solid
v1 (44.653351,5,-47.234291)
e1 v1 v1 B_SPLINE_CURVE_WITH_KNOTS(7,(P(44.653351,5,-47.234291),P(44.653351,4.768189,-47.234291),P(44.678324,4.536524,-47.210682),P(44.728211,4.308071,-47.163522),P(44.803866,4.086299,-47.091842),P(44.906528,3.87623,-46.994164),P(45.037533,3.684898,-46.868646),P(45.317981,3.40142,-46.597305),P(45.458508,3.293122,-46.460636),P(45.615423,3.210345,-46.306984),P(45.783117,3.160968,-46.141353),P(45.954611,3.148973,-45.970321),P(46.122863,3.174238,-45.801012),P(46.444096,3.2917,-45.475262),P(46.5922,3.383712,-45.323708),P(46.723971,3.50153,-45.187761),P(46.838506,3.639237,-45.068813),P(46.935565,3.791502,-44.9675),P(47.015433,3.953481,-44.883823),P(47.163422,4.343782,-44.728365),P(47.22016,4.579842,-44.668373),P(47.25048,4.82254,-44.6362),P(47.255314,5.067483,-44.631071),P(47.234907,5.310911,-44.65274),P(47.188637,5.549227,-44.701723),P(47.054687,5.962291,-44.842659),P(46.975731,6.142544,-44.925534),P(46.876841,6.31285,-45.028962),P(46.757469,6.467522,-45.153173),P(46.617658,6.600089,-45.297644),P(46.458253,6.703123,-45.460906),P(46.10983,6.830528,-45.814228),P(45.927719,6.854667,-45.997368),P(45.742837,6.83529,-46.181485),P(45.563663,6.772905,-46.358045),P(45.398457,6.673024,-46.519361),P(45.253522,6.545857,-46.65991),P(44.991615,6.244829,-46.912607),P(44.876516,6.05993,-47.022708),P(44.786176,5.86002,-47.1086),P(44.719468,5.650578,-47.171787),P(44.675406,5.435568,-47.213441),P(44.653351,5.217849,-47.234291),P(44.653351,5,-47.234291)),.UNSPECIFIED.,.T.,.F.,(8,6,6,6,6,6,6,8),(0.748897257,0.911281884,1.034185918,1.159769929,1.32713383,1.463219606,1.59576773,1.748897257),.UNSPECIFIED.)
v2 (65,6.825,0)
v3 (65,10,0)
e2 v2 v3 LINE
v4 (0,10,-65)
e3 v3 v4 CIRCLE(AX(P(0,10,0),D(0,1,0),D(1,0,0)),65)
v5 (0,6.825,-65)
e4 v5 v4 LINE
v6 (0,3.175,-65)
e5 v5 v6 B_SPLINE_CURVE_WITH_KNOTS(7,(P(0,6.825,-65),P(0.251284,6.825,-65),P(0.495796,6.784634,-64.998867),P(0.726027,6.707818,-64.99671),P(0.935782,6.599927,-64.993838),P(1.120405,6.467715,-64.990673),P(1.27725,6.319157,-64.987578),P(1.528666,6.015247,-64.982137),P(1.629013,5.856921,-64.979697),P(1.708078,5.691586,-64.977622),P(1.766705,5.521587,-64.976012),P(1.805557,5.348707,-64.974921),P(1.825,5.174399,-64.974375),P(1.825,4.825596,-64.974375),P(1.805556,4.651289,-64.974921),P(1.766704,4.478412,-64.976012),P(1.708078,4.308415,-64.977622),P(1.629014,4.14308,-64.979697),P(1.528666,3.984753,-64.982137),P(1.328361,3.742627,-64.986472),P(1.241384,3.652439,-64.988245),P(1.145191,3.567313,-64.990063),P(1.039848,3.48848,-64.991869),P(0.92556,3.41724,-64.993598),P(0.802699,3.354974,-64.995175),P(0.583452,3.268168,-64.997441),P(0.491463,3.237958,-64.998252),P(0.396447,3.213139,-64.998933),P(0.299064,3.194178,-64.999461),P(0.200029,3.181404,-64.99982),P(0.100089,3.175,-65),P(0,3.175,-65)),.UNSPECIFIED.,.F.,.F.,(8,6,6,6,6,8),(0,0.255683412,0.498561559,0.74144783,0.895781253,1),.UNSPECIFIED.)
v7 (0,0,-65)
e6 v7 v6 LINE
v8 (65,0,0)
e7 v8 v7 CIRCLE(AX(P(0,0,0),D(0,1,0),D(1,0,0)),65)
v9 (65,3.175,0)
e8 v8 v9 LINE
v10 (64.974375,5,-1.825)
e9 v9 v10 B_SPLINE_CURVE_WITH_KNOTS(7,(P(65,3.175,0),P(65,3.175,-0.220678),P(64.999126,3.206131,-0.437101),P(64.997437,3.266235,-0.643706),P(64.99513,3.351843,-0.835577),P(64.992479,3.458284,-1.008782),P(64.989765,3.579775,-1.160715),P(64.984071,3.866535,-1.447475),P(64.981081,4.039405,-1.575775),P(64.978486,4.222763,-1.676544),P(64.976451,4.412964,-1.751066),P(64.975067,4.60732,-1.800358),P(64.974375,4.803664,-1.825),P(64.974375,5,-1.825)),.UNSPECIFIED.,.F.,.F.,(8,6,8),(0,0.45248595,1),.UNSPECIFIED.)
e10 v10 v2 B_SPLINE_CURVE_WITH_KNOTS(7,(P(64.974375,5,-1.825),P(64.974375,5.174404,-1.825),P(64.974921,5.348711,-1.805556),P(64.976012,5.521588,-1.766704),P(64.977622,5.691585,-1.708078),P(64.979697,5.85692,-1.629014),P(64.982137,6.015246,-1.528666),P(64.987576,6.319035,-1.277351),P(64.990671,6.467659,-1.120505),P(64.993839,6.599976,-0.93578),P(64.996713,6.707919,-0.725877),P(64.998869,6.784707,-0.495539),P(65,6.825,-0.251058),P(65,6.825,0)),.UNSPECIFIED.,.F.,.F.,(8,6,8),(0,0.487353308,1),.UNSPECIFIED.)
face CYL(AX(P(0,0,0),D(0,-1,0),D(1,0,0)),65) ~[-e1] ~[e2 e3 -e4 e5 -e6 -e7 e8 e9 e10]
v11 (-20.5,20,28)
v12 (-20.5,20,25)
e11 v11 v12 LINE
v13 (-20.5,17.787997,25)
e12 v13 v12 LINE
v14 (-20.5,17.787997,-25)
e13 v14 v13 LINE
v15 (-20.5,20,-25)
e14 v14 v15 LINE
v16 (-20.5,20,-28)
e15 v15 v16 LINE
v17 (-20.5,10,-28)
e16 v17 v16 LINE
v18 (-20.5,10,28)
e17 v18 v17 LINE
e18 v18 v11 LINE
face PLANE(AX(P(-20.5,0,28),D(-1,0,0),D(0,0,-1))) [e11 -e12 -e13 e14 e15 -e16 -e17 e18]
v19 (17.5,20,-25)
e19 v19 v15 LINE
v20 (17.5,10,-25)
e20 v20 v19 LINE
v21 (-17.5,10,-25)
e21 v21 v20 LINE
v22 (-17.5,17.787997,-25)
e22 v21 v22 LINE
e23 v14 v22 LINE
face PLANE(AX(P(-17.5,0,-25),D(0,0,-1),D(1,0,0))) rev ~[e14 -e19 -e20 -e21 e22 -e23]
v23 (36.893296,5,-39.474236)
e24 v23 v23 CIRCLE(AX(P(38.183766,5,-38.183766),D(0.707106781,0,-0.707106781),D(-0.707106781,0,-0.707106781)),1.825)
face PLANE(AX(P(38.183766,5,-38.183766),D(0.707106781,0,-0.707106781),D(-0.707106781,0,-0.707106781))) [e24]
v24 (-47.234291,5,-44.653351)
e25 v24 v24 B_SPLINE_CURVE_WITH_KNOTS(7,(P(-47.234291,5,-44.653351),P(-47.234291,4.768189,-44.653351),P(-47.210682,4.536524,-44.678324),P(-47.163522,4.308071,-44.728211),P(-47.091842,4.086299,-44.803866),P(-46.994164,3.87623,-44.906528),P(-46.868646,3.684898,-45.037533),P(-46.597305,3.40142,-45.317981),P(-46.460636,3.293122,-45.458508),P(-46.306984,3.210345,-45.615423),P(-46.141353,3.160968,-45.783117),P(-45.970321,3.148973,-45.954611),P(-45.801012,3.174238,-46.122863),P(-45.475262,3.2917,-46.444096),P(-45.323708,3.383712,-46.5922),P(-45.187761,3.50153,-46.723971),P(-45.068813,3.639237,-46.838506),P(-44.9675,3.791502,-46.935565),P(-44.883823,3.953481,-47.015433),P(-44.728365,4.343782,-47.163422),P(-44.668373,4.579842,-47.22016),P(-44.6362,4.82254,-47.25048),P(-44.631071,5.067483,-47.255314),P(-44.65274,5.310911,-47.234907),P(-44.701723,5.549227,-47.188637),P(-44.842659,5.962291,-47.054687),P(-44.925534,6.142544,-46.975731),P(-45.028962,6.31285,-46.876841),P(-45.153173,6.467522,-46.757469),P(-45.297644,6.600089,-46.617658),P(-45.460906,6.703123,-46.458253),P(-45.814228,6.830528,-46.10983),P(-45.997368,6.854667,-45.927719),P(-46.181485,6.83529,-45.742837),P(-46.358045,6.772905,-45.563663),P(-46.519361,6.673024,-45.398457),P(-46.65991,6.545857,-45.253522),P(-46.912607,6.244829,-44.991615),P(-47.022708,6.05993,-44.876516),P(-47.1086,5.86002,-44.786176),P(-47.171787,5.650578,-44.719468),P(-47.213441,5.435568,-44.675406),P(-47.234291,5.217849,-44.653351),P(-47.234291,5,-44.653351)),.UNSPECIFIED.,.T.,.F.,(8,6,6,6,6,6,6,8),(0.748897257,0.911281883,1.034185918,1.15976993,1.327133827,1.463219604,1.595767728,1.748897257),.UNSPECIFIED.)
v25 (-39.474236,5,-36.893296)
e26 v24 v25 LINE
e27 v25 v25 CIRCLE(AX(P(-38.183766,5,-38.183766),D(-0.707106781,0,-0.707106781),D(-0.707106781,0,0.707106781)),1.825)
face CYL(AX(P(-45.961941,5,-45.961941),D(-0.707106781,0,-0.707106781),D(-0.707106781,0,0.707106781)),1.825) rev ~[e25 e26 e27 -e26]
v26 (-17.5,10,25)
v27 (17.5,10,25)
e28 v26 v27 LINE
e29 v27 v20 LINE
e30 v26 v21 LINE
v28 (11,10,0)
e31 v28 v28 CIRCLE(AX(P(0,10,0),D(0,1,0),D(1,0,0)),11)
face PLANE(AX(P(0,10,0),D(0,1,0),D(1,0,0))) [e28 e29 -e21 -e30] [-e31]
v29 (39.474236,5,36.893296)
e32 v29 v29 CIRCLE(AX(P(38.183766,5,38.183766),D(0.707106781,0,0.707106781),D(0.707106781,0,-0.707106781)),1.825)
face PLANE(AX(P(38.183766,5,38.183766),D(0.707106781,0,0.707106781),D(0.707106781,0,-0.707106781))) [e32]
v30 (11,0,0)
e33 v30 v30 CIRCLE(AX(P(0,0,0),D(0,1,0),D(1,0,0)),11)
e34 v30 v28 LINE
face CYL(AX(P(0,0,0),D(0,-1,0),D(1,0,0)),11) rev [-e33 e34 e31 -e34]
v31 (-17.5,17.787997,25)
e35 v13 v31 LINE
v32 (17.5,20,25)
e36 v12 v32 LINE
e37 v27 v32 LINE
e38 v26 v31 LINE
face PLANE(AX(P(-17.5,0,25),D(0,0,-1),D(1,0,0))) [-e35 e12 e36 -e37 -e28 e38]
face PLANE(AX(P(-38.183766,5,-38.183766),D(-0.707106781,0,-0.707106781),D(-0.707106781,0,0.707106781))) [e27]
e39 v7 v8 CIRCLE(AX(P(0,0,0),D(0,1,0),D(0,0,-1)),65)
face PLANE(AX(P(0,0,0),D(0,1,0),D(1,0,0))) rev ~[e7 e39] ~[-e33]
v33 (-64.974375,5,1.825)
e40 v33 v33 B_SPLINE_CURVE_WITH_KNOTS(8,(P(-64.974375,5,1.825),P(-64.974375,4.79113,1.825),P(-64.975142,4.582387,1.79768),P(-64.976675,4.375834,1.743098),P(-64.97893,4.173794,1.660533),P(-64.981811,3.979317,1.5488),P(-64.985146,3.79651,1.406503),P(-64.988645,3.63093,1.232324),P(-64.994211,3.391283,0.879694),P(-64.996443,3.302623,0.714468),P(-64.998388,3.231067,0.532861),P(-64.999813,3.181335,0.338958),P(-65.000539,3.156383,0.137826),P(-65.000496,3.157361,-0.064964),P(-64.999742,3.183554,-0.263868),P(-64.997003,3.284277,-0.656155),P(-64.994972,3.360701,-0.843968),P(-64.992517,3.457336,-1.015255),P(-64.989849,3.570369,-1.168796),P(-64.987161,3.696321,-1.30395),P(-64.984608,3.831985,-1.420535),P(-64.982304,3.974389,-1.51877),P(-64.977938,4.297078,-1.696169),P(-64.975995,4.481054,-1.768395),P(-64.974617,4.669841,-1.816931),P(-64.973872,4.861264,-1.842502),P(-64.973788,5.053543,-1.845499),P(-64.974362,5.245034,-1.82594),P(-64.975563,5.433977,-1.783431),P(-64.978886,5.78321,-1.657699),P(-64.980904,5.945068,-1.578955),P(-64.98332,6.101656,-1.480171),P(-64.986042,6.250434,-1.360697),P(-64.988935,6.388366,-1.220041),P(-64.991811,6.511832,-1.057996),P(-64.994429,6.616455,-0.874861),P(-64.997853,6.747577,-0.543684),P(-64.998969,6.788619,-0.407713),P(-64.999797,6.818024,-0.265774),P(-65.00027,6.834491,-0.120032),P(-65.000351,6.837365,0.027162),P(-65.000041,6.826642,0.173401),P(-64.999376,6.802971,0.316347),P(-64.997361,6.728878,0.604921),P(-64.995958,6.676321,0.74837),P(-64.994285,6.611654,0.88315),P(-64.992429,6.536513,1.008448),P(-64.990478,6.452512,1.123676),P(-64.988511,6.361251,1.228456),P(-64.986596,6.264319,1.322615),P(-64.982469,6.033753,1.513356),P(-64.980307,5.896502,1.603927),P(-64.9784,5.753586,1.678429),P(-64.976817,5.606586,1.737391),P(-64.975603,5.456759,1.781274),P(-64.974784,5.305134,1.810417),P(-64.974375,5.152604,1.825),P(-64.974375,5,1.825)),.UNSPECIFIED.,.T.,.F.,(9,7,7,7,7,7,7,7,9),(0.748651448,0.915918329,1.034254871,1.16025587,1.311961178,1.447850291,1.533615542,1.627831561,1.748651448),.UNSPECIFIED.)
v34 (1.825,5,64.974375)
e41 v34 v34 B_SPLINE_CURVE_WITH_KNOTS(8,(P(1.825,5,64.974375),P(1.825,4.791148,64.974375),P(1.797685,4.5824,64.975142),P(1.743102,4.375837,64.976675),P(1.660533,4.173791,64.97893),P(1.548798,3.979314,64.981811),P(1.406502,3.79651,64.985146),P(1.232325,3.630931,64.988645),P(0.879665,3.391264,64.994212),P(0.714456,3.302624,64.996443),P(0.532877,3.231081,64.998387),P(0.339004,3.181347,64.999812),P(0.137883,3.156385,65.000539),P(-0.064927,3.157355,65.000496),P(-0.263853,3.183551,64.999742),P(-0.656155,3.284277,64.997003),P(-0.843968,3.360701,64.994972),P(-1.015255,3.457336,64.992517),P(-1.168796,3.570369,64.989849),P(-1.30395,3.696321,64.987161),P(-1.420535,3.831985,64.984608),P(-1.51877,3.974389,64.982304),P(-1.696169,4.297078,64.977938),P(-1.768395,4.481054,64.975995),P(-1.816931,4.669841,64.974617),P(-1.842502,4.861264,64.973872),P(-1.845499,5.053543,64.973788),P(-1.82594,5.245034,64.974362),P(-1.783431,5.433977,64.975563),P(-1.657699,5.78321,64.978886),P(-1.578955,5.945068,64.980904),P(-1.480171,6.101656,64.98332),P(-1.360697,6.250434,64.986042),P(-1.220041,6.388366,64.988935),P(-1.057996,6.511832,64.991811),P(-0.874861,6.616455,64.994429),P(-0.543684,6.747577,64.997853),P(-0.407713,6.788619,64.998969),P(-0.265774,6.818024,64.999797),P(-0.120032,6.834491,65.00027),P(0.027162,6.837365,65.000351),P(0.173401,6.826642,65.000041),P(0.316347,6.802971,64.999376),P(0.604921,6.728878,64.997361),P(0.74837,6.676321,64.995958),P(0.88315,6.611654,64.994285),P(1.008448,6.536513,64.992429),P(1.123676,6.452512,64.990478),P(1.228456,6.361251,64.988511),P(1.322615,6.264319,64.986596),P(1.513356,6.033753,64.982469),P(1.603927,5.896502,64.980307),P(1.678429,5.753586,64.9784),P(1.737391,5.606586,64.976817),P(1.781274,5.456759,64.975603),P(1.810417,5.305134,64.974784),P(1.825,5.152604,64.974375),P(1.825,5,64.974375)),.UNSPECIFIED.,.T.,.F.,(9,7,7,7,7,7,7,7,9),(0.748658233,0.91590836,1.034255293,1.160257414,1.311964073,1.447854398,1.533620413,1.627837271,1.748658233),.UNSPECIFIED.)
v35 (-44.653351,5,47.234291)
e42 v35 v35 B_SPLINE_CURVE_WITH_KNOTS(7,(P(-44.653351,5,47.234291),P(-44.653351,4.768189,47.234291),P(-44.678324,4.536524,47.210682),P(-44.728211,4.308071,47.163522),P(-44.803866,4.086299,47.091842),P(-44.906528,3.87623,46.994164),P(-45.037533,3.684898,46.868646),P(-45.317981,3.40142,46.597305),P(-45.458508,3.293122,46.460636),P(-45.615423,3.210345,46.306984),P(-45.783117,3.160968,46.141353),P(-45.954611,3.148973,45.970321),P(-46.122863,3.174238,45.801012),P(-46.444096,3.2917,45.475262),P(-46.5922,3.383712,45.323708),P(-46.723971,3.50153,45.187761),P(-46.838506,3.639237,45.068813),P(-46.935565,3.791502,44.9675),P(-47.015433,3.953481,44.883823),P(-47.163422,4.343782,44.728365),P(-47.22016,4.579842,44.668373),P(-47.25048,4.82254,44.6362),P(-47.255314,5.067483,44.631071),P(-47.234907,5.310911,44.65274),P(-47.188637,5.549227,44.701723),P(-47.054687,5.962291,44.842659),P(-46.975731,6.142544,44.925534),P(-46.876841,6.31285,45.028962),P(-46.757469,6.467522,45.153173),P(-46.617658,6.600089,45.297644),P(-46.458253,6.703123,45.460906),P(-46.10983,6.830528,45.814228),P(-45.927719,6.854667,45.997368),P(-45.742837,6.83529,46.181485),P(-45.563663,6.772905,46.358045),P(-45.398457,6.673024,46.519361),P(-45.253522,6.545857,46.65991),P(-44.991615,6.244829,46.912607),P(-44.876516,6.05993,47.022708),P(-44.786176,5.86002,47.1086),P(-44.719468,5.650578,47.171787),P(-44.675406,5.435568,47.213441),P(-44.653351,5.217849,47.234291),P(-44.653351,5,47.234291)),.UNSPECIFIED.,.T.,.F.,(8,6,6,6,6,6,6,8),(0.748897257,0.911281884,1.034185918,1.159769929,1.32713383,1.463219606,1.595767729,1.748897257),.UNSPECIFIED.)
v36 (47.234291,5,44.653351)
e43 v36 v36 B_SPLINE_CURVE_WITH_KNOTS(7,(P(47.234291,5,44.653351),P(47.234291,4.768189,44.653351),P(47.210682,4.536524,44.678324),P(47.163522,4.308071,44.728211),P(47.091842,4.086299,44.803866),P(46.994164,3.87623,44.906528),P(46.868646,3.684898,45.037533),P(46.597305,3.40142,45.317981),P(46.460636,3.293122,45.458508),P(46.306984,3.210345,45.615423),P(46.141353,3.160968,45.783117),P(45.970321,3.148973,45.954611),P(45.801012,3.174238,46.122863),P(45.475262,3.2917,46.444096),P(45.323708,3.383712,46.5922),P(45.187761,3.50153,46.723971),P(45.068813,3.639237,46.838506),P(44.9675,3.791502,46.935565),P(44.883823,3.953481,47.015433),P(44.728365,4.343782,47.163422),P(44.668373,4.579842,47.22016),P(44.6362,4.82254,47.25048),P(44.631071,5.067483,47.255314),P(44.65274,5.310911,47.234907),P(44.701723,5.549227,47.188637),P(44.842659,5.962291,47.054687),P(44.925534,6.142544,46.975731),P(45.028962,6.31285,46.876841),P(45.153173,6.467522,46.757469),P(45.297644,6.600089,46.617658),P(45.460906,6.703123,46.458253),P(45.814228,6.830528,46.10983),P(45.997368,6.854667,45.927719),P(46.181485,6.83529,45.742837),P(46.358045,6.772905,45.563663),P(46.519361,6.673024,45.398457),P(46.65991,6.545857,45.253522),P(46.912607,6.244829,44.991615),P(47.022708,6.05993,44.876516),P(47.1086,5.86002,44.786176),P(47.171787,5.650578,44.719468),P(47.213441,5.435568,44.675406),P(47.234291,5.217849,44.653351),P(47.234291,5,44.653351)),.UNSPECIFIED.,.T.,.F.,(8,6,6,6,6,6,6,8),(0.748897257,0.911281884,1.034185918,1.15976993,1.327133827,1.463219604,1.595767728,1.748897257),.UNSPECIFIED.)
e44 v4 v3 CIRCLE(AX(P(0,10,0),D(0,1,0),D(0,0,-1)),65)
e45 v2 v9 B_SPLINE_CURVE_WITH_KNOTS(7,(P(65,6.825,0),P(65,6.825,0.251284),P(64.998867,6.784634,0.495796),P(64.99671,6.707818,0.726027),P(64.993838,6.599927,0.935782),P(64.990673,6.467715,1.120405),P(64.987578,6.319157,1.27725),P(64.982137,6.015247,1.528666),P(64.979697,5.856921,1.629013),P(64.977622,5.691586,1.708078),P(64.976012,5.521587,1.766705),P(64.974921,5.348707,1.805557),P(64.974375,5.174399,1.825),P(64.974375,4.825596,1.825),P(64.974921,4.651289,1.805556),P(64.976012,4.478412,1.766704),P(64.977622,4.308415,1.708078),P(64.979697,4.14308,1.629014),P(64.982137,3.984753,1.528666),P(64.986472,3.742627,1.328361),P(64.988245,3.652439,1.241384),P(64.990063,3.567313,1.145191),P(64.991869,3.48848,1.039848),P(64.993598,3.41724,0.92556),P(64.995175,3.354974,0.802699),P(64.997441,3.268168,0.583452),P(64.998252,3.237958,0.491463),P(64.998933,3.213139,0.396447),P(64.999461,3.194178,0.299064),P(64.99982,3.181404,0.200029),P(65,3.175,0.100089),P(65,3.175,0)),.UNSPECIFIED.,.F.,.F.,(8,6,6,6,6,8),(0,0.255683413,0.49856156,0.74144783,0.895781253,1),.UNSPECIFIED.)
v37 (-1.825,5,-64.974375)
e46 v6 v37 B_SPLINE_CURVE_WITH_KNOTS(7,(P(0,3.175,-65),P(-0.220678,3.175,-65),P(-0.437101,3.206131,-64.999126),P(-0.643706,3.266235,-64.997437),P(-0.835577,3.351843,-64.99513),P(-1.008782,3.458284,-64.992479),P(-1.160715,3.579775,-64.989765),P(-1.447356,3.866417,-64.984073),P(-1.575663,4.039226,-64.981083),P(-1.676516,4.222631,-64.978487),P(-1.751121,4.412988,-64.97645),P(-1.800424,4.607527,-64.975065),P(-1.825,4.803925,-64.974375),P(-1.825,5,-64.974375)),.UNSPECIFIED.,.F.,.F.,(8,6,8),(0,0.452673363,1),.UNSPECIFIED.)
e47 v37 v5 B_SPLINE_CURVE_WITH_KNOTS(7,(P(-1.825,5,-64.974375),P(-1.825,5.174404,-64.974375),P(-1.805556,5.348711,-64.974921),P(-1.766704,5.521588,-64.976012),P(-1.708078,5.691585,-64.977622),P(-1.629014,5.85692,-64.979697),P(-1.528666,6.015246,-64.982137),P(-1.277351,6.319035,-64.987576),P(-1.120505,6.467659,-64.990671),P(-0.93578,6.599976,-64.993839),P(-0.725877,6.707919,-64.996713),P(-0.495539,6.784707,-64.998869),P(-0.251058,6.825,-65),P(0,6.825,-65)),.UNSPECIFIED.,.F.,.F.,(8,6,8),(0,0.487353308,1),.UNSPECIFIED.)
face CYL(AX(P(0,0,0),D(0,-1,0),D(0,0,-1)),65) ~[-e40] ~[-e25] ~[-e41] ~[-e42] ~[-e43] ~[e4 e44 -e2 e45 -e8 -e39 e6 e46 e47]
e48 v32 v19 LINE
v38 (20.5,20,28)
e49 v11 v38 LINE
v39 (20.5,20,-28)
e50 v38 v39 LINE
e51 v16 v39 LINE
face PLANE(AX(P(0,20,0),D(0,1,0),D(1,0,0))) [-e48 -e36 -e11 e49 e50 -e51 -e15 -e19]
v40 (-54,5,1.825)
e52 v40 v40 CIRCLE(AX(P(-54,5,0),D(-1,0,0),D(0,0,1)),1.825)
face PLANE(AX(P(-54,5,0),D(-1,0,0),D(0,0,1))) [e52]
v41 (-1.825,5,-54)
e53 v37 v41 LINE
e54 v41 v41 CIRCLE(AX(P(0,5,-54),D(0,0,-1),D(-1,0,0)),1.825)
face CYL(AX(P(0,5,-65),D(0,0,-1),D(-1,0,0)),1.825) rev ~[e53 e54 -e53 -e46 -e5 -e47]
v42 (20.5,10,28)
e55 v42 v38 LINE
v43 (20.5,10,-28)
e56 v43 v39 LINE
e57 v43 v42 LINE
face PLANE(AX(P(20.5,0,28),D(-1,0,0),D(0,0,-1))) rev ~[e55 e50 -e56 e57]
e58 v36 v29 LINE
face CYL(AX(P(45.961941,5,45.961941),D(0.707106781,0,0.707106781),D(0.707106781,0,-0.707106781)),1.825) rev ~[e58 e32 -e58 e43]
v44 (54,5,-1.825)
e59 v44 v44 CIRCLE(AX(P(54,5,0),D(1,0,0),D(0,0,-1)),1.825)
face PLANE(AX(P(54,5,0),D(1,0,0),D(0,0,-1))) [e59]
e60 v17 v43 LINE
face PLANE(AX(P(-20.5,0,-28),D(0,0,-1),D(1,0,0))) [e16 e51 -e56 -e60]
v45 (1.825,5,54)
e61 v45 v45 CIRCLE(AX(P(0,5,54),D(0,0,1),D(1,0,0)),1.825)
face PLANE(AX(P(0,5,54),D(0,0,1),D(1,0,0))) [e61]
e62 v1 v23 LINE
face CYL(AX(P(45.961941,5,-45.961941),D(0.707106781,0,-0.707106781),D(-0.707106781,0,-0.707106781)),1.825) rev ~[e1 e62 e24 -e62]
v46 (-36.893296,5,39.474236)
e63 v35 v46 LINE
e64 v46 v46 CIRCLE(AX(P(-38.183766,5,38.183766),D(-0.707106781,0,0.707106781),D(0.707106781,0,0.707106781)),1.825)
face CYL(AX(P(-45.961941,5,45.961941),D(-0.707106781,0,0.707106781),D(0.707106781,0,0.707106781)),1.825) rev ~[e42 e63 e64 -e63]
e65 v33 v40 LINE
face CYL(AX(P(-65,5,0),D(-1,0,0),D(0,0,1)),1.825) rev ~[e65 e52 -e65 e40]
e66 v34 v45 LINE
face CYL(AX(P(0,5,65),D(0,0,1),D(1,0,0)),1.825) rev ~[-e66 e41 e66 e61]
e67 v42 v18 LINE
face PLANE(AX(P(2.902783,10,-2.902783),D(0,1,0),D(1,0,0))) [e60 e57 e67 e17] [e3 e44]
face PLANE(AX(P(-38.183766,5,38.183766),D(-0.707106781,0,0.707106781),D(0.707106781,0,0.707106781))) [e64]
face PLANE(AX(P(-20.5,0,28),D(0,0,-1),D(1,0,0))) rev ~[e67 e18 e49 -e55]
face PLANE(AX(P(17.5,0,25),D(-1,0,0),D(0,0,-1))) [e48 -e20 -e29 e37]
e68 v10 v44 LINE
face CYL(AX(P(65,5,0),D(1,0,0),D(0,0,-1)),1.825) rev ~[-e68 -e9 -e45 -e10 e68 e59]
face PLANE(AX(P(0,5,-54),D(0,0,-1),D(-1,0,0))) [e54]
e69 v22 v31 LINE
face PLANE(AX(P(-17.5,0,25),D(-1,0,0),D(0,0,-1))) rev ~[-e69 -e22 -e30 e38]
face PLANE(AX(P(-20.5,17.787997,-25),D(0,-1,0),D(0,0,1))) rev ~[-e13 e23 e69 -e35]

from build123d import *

# Parameters (mm, degrees)
SKETCH2_W           = 41
SKETCH2_H           = 56
SKETCH2_W_2         = 35
SKETCH2_H_2         = 50
BOSS_EXTRUDE1_DEPTH = 20
BOSS_EXTRUDE2_DEPTH = 10
SKETCH2_4_W         = 35
SKETCH2_4_H         = 50
SKETCH2_4_R         = 11
BOSS_EXTRUDE3_DEPTH = 10
SKETCH10_W          = 50
SKETCH10_H          = 2.212003264
CUT_EXTRUDE1_DEPTH  = 10
CUT_EXTRUDE2_START  = 65
SKETCH12_R          = 1.825
CUT_EXTRUDE2_DEPTH  = 11
CIRPATTERN1_COUNT   = 8


with BuildPart() as part:
    # Sketch2 → Boss-Extrude1 (new body)
    with BuildSketch(Plane(origin=(0, 0, 0), x_dir=(1, 0, 0), z_dir=(0, 1, 0))):
        Rectangle(SKETCH2_W, SKETCH2_H)
        Rectangle(SKETCH2_W_2, SKETCH2_H_2, mode=Mode.SUBTRACT)
    extrude(amount=BOSS_EXTRUDE1_DEPTH)

    # Sketch2<3> → Boss-Extrude2 (add)
    with BuildSketch(Plane(origin=(0, 0, 0), x_dir=(1, 0, 0), z_dir=(0, 1, 0))):
        with BuildLine():
            ThreePointArc((65, 0), (45.961940777, 45.961940777), (0, 65))
            ThreePointArc((0, 65), (-45.961940777, -45.961940777), (65, 0))
        make_face()
        Polygon((-20.5, -28), (-20.5, 0), (-20.5, 28), (0, 28), (20.5, 28), (20.5, 0), (20.5, -28), align=None, mode=Mode.SUBTRACT)
    extrude(amount=BOSS_EXTRUDE2_DEPTH)

    # Sketch2<4> → Boss-Extrude3 (add)
    with BuildSketch(Plane(origin=(0, 0, 0), x_dir=(1, 0, 0), z_dir=(0, 1, 0))):
        Rectangle(SKETCH2_4_W, SKETCH2_4_H)
        Circle(SKETCH2_4_R, mode=Mode.SUBTRACT)
    extrude(amount=BOSS_EXTRUDE3_DEPTH)

    # Sketch10 → Cut-Extrude1 (cut)
    with BuildSketch(Plane.ZY.offset(20.5)):
        with Locations((0, 18.893998368)):
            Rectangle(SKETCH10_W, SKETCH10_H)
    extrude(amount=-CUT_EXTRUDE1_DEPTH, mode=Mode.SUBTRACT)

    # Sketch12 → Cut-Extrude2 (cut)
    with BuildSketch(Plane.XY.offset(CUT_EXTRUDE2_START)):
        with Locations((0, 5)):
            Circle(SKETCH12_R)
    cut_extrude2 = extrude(amount=-CUT_EXTRUDE2_DEPTH, mode=Mode.SUBTRACT)

    # CirPattern1: Cut-Extrude2 ×8 about axis
    cirpattern1_axis = Axis((0, 0, 0), (0, 1, 0))
    for i in range(1, CIRPATTERN1_COUNT):
        add(cut_extrude2.rotate(cirpattern1_axis, i * 360 / CIRPATTERN1_COUNT), mode=Mode.SUBTRACT)


solid = part.part
